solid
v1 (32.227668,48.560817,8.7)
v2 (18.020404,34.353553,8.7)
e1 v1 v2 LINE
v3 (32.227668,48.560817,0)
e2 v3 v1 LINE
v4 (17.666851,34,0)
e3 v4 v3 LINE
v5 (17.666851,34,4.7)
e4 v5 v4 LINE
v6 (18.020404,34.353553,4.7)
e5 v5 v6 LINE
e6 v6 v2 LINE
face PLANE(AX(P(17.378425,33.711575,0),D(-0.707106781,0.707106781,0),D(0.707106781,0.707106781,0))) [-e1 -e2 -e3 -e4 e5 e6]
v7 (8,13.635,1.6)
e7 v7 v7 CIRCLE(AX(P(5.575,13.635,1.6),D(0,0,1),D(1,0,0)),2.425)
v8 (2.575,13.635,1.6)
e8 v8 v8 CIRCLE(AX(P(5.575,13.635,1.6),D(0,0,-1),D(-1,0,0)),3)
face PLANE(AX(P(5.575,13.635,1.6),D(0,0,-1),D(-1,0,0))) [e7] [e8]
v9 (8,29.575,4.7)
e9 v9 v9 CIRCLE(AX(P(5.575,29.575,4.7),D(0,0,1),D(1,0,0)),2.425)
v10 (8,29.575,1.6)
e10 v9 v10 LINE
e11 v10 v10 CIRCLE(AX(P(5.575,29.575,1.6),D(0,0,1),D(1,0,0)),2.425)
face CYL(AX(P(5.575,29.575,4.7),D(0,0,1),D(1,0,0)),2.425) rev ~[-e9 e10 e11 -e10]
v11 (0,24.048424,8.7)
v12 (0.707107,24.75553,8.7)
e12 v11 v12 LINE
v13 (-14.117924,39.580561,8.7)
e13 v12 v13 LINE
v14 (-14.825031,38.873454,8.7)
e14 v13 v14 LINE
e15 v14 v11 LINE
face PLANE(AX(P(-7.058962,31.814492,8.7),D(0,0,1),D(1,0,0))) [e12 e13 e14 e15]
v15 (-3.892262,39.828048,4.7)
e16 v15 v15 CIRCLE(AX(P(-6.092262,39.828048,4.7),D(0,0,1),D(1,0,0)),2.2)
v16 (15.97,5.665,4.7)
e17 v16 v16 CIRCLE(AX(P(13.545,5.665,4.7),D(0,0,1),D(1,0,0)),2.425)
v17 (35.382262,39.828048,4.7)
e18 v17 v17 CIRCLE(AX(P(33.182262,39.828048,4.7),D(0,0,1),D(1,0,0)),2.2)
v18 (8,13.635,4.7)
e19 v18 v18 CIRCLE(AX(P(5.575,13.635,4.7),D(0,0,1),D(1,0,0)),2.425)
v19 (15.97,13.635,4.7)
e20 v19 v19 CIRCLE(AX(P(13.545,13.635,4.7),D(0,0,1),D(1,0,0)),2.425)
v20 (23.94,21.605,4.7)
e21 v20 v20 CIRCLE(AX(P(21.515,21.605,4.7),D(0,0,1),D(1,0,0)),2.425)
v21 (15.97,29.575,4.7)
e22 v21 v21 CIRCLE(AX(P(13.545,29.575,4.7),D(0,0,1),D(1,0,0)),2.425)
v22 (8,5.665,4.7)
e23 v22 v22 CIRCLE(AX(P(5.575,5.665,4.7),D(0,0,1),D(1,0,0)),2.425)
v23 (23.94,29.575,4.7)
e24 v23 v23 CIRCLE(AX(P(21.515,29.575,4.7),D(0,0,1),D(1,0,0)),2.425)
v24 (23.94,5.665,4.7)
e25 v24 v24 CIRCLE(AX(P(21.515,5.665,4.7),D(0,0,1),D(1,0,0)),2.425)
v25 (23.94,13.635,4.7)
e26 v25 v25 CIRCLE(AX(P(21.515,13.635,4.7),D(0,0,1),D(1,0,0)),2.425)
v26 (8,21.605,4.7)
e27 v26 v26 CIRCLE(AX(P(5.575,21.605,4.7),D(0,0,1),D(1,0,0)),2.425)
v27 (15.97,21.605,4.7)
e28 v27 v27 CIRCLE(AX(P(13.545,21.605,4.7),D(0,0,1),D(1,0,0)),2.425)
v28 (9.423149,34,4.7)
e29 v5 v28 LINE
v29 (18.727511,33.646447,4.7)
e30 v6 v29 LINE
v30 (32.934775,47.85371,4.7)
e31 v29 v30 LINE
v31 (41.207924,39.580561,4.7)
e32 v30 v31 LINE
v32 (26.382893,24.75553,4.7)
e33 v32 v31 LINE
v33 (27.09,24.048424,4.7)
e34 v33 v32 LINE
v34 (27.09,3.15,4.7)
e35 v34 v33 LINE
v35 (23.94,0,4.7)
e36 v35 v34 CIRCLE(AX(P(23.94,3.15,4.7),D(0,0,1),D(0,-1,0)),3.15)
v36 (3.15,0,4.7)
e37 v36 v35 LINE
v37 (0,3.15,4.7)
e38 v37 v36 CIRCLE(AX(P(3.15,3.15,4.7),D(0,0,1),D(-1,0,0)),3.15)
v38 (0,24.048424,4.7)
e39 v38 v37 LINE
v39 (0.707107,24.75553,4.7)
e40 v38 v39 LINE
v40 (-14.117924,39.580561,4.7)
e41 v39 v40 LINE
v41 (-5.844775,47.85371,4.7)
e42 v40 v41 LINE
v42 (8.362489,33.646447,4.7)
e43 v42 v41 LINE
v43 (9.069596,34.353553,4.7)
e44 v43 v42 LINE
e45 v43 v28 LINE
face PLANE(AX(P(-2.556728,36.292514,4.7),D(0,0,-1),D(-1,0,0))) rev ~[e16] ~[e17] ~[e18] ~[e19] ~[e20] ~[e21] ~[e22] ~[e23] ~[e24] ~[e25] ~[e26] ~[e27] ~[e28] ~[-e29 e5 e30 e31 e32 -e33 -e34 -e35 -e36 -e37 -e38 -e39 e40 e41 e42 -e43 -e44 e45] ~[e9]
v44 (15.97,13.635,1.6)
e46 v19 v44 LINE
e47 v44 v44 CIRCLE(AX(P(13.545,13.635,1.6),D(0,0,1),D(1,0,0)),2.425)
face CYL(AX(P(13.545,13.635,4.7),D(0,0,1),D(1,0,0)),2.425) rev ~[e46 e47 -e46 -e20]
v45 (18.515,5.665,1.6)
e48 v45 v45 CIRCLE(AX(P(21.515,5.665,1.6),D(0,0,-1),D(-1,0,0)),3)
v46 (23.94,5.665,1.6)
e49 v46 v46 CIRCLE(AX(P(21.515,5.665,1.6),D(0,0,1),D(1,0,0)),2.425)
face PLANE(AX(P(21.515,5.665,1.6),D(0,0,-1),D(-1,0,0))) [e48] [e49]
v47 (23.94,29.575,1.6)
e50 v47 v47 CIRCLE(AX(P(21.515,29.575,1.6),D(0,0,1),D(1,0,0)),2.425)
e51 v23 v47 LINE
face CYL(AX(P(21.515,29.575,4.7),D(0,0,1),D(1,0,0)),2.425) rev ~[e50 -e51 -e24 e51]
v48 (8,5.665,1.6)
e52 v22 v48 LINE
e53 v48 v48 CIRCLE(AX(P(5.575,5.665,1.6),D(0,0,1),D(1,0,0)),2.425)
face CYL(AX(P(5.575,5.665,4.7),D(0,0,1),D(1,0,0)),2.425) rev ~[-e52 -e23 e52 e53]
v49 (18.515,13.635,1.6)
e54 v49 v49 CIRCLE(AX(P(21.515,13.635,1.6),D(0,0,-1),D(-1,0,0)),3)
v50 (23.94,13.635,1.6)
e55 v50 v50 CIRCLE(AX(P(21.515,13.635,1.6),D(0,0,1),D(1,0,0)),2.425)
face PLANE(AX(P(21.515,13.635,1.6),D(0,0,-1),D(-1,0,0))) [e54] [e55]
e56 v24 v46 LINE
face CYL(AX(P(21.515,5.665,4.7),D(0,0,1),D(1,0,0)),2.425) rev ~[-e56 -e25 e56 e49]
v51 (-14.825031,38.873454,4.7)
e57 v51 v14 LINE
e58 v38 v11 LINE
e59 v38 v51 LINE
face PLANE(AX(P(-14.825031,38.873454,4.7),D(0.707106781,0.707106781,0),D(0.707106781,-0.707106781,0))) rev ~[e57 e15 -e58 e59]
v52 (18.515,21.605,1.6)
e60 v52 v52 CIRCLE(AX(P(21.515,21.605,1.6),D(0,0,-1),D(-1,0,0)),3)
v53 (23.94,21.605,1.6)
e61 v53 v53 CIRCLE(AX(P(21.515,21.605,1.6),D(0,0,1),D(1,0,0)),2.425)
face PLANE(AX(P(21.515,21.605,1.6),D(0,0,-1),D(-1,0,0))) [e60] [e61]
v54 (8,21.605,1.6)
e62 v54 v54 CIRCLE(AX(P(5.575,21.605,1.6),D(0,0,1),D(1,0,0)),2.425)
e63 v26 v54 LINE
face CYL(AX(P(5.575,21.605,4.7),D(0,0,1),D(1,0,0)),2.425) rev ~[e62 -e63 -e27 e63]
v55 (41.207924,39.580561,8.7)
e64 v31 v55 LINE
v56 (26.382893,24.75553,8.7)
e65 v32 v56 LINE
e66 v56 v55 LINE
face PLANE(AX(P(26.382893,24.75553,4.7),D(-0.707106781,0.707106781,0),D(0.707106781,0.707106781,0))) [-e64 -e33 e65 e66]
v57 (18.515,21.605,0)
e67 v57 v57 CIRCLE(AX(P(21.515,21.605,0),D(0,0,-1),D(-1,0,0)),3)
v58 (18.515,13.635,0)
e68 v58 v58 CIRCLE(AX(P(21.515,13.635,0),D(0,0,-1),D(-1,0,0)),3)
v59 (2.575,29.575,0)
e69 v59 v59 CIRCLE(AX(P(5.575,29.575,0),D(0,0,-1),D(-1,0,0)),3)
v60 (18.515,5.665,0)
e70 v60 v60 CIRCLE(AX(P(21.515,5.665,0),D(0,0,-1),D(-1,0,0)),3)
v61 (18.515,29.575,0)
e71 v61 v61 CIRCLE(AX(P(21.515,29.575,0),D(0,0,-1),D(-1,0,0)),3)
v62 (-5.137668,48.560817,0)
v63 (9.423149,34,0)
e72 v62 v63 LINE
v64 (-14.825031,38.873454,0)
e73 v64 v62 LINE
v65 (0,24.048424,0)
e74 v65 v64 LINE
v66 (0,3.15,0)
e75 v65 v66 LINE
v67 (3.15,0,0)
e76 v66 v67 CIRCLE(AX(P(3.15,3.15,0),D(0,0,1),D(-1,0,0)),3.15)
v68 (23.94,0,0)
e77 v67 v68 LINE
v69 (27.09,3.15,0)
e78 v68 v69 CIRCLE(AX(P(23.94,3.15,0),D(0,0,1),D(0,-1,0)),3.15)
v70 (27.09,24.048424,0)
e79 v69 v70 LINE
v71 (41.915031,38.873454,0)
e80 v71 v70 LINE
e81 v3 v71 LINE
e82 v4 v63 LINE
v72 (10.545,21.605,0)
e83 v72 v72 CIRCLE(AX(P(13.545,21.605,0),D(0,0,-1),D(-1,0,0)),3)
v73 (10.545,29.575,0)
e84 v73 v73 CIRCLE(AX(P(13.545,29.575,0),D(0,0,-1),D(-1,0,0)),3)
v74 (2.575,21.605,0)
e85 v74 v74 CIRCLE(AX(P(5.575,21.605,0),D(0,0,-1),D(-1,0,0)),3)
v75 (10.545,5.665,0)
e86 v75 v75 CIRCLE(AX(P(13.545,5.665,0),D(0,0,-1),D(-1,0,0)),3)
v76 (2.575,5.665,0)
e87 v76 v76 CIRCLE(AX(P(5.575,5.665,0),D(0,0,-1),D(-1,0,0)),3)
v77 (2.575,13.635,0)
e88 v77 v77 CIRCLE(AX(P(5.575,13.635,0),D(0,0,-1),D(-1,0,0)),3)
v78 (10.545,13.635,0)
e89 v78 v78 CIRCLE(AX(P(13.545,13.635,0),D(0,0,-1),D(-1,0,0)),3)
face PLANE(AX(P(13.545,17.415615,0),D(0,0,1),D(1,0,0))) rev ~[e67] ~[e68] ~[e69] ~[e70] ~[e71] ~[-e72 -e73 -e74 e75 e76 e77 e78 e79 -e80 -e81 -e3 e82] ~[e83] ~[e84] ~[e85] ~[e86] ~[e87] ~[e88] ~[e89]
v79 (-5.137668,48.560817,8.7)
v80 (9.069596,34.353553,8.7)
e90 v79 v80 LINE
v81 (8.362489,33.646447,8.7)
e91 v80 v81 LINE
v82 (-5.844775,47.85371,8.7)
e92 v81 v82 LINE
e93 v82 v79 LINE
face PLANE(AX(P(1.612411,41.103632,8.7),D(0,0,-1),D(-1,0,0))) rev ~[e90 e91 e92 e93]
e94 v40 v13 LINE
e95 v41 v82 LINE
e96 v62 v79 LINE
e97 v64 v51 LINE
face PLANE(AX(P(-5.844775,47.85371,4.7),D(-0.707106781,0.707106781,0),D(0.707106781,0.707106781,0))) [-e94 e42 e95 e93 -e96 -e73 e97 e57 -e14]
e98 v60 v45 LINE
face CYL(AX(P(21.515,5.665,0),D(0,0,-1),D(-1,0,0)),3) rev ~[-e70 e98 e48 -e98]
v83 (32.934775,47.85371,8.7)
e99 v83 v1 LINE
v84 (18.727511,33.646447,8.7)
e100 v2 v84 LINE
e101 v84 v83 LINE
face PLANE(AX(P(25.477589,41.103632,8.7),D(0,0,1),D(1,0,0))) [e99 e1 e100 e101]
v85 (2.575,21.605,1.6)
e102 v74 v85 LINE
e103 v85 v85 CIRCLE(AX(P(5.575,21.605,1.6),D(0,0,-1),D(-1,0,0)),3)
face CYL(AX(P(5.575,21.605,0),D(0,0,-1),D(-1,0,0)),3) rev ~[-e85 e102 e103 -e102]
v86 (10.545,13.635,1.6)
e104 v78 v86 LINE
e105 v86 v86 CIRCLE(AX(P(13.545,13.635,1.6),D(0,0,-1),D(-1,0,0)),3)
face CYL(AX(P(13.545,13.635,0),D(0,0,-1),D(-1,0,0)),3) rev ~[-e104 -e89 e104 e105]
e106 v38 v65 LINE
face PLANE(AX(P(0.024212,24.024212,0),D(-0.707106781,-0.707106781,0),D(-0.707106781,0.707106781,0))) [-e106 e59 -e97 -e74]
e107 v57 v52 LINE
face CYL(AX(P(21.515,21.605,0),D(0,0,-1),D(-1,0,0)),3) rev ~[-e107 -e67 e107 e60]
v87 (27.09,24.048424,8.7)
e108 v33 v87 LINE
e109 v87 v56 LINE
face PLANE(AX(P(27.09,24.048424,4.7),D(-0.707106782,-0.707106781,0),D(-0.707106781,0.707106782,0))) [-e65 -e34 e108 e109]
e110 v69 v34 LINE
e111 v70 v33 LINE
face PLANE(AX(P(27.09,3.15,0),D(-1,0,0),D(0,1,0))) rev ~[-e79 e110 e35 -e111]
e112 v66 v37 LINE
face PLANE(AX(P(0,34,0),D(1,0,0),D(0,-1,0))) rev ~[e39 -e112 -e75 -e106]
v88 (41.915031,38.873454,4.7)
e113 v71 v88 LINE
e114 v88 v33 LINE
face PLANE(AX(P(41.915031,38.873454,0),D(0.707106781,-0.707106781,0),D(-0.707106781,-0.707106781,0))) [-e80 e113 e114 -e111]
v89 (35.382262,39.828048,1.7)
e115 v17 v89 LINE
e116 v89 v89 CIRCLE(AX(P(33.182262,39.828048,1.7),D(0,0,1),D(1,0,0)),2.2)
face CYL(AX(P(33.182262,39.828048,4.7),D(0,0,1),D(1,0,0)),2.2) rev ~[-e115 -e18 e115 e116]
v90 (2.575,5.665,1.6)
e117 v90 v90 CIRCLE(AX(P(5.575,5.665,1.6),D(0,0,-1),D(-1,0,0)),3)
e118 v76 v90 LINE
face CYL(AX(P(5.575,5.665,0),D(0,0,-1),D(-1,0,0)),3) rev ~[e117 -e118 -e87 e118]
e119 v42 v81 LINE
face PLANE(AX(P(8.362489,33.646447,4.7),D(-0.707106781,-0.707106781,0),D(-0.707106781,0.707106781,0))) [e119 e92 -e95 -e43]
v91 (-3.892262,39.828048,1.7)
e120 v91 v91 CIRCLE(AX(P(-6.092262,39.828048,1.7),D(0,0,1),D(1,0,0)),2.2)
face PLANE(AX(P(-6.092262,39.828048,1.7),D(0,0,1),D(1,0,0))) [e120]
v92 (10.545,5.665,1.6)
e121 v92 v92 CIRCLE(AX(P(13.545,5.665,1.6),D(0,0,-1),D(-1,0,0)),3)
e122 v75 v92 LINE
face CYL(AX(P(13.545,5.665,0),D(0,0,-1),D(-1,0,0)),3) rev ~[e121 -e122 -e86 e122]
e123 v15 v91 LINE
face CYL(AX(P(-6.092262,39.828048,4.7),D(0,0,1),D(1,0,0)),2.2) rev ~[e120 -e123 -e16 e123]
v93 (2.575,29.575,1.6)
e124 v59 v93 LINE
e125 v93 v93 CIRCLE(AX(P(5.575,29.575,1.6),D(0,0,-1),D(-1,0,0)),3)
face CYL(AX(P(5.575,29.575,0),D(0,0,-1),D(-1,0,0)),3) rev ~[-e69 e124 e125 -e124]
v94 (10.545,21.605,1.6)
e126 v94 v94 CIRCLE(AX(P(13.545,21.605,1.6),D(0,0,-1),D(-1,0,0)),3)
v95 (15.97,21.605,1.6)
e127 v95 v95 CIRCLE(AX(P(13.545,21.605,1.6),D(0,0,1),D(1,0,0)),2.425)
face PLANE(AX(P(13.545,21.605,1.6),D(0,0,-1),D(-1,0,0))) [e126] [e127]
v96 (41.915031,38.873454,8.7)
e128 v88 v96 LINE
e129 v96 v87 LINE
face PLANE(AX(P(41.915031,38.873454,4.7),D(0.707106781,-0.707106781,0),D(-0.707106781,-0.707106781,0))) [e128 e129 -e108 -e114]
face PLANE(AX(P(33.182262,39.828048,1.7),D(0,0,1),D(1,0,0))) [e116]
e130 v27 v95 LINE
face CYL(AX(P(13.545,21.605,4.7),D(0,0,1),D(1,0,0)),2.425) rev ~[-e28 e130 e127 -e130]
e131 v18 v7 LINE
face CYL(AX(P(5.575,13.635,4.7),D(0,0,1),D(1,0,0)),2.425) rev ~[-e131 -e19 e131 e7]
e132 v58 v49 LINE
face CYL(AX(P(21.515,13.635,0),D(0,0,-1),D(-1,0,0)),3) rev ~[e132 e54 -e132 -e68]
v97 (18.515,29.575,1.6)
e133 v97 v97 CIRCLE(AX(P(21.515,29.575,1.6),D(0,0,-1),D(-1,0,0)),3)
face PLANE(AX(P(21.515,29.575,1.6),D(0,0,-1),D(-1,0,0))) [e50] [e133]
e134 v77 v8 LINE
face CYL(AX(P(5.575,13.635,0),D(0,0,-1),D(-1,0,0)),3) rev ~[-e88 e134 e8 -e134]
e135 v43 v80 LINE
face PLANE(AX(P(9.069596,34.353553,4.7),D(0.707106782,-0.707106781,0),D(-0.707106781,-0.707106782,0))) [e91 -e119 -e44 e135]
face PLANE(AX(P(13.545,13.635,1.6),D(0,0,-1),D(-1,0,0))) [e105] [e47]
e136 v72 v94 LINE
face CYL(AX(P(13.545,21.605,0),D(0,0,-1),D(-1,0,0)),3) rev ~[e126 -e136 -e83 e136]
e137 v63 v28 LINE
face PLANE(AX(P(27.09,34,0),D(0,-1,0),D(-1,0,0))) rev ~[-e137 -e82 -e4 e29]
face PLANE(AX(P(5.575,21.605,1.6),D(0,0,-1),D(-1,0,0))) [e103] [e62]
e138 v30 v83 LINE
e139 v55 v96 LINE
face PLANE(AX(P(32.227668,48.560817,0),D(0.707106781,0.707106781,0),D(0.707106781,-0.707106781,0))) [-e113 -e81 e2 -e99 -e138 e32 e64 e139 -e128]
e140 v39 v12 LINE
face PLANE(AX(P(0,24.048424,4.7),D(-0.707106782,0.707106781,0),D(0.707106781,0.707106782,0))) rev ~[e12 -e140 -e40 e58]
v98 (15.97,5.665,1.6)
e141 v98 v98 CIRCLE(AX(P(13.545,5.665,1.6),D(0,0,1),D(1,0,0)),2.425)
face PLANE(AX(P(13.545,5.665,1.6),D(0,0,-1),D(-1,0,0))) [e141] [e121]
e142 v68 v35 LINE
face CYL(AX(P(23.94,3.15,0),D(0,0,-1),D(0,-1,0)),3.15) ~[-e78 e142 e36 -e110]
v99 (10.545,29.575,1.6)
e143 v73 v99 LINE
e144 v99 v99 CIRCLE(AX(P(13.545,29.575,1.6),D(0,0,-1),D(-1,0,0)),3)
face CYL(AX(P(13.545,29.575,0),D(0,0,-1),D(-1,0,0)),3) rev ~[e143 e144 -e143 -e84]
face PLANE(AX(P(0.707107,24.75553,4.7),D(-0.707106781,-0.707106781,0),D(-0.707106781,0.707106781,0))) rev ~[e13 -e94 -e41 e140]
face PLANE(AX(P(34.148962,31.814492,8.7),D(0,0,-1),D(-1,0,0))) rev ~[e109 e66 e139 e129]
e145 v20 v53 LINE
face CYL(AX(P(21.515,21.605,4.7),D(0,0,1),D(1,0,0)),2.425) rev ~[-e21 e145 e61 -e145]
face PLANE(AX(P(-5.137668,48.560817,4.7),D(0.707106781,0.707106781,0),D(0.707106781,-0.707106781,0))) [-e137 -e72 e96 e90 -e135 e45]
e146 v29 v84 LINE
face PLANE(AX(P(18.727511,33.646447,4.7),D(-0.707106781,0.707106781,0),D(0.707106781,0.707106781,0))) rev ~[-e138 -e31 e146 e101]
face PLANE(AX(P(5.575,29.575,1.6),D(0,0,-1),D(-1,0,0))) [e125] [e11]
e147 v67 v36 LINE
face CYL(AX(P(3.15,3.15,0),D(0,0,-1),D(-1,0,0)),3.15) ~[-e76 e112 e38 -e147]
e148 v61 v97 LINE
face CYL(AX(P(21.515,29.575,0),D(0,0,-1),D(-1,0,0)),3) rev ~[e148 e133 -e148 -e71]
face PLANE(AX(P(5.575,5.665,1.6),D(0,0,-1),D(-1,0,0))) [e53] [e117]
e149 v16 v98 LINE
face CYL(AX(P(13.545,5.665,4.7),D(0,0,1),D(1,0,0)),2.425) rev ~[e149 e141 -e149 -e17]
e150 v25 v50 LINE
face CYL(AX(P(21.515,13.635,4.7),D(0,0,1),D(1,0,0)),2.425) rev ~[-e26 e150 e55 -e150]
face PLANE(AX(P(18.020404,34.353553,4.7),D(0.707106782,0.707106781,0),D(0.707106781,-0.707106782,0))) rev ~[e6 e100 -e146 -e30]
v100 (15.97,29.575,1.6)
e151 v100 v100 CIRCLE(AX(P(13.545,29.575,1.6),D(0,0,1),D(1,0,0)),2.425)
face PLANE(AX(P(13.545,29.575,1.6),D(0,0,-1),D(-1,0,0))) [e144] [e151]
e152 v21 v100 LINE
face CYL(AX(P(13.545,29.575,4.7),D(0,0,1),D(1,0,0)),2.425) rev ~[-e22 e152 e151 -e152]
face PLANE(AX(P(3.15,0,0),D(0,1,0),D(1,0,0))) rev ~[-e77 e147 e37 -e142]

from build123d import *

# Parameters (mm, degrees)
P_IDAT_VYSUNUT_M1_DEPTH  = 4.7
P_IDAT_VYSUNUT_M2_DEPTH  = 4.7
SKICA3_R                 = 2.425
ODEBRAT_VYSUNUT_M1_DEPTH = 14.6
P_IDAT_VYSUNUT_M3_DEPTH  = 4
SKICA5_R                 = 3
ODEBRAT_VYSUNUT_M2_DEPTH = 1.6
SKETCH1_R                = 2.2
CUT_EXTRUDE1_DEPTH       = 3


with BuildPart() as part:
    # Skica1 → Přidat vysunutím1 (new body)
    with BuildSketch(Plane.XY):
        with BuildLine():
            Line((3.15, 0), (23.94, 0))
            ThreePointArc((23.94, 0), (26.167386361, 0.922613639), (27.09, 3.15))
            Line((27.09, 3.15), (27.09, 34))
            Line((27.09, 34), (0, 34))
            Line((0, 34), (0, 3.15))
            ThreePointArc((0, 3.15), (0.922613639, 0.922613639), (3.15, 0))
        make_face()
    extrude(amount=P_IDAT_VYSUNUT_M1_DEPTH)

    # Skica2 → Přidat vysunutím2 (add)
    with BuildSketch(Plane(origin=(0, 0, 0), x_dir=(-1, 0, 0), z_dir=(0, 0, -1))):
        Polygon((-9.71157467, 33.71157467), (-0.024211768, 24.024211768), (14.825030637, 38.873454173), (5.137667735, 48.560817075), align=None)
        Polygon((-41.915030637, 38.873454173), (-27.065788232, 24.024211768), (-17.37842533, 33.71157467), (-32.227667735, 48.560817075), align=None)
    extrude(amount=-P_IDAT_VYSUNUT_M2_DEPTH)

    # Skica3 → Odebrat vysunutím1 (cut)
    with BuildSketch(Plane.XY.offset(4.7)):
        with Locations((5.575, 29.575)):
            Circle(SKICA3_R)
        with Locations((13.545, 29.575)):
            Circle(SKICA3_R)
        with Locations((21.515, 29.575)):
            Circle(SKICA3_R)
        with Locations((5.575, 21.605)):
            Circle(SKICA3_R)
        with Locations((13.545, 21.605)):
            Circle(SKICA3_R)
        with Locations((21.515, 21.605)):
            Circle(SKICA3_R)
        with Locations((21.515, 13.635)):
            Circle(SKICA3_R)
        with Locations((13.545, 13.635)):
            Circle(SKICA3_R)
        with Locations((5.575, 13.635)):
            Circle(SKICA3_R)
        with Locations((5.575, 5.665)):
            Circle(SKICA3_R)
        with Locations((13.545, 5.665)):
            Circle(SKICA3_R)
        with Locations((21.515, 5.665)):
            Circle(SKICA3_R)
    extrude(amount=-ODEBRAT_VYSUNUT_M1_DEPTH, mode=Mode.SUBTRACT)

    # Skica4 → Přidat vysunutím3 (add)
    with BuildSketch(Plane.XY.offset(4.7)):
        Polygon((-5.137667735, 48.560817075), (9.069595949, 34.353553391), (8.362489168, 33.646446609), (-5.844774516, 47.853710294), align=None)
        Polygon((32.227667735, 48.560817075), (18.020404051, 34.353553391), (18.727510832, 33.646446609), (32.934774516, 47.853710294), align=None)
        Polygon((-14.825030637, 38.873454173), (0, 24.048423535), (0.707106781, 24.755530317), (-14.117923856, 39.580560954), align=None)
        Polygon((41.915030637, 38.873454173), (27.09, 24.048423535), (26.382893219, 24.755530317), (41.207923856, 39.580560954), align=None)
    extrude(amount=P_IDAT_VYSUNUT_M3_DEPTH)

    # Skica5 → Odebrat vysunutím2 (cut)
    with BuildSketch(Plane(origin=(0, 0, 0), x_dir=(-1, 0, 0), z_dir=(0, 0, -1))):
        with Locations((-21.515, 29.575)):
            Circle(SKICA5_R)
        with Locations((-13.545, 29.575)):
            Circle(SKICA5_R)
        with Locations((-5.575, 29.575)):
            Circle(SKICA5_R)
        with Locations((-5.575, 21.605)):
            Circle(SKICA5_R)
        with Locations((-13.545, 21.605)):
            Circle(SKICA5_R)
        with Locations((-21.515, 21.605)):
            Circle(SKICA5_R)
        with Locations((-13.545, 5.665)):
            Circle(SKICA5_R)
        with Locations((-21.515, 5.665)):
            Circle(SKICA5_R)
        with Locations((-5.575, 5.665)):
            Circle(SKICA5_R)
        with Locations((-5.575, 13.635)):
            Circle(SKICA5_R)
        with Locations((-13.545, 13.635)):
            Circle(SKICA5_R)
        with Locations((-21.515, 13.635)):
            Circle(SKICA5_R)
    extrude(amount=-ODEBRAT_VYSUNUT_M2_DEPTH, mode=Mode.SUBTRACT)

    # Sketch1 → Cut-Extrude1 (cut)
    with BuildSketch(Plane.XY.offset(4.7)):
        with Locations((-6.09226189, 39.828048327)):
            Circle(SKETCH1_R)
        with Locations((33.18226189, 39.828048327)):
            Circle(SKETCH1_R)
    extrude(amount=-CUT_EXTRUDE1_DEPTH, mode=Mode.SUBTRACT)


solid = part.part
